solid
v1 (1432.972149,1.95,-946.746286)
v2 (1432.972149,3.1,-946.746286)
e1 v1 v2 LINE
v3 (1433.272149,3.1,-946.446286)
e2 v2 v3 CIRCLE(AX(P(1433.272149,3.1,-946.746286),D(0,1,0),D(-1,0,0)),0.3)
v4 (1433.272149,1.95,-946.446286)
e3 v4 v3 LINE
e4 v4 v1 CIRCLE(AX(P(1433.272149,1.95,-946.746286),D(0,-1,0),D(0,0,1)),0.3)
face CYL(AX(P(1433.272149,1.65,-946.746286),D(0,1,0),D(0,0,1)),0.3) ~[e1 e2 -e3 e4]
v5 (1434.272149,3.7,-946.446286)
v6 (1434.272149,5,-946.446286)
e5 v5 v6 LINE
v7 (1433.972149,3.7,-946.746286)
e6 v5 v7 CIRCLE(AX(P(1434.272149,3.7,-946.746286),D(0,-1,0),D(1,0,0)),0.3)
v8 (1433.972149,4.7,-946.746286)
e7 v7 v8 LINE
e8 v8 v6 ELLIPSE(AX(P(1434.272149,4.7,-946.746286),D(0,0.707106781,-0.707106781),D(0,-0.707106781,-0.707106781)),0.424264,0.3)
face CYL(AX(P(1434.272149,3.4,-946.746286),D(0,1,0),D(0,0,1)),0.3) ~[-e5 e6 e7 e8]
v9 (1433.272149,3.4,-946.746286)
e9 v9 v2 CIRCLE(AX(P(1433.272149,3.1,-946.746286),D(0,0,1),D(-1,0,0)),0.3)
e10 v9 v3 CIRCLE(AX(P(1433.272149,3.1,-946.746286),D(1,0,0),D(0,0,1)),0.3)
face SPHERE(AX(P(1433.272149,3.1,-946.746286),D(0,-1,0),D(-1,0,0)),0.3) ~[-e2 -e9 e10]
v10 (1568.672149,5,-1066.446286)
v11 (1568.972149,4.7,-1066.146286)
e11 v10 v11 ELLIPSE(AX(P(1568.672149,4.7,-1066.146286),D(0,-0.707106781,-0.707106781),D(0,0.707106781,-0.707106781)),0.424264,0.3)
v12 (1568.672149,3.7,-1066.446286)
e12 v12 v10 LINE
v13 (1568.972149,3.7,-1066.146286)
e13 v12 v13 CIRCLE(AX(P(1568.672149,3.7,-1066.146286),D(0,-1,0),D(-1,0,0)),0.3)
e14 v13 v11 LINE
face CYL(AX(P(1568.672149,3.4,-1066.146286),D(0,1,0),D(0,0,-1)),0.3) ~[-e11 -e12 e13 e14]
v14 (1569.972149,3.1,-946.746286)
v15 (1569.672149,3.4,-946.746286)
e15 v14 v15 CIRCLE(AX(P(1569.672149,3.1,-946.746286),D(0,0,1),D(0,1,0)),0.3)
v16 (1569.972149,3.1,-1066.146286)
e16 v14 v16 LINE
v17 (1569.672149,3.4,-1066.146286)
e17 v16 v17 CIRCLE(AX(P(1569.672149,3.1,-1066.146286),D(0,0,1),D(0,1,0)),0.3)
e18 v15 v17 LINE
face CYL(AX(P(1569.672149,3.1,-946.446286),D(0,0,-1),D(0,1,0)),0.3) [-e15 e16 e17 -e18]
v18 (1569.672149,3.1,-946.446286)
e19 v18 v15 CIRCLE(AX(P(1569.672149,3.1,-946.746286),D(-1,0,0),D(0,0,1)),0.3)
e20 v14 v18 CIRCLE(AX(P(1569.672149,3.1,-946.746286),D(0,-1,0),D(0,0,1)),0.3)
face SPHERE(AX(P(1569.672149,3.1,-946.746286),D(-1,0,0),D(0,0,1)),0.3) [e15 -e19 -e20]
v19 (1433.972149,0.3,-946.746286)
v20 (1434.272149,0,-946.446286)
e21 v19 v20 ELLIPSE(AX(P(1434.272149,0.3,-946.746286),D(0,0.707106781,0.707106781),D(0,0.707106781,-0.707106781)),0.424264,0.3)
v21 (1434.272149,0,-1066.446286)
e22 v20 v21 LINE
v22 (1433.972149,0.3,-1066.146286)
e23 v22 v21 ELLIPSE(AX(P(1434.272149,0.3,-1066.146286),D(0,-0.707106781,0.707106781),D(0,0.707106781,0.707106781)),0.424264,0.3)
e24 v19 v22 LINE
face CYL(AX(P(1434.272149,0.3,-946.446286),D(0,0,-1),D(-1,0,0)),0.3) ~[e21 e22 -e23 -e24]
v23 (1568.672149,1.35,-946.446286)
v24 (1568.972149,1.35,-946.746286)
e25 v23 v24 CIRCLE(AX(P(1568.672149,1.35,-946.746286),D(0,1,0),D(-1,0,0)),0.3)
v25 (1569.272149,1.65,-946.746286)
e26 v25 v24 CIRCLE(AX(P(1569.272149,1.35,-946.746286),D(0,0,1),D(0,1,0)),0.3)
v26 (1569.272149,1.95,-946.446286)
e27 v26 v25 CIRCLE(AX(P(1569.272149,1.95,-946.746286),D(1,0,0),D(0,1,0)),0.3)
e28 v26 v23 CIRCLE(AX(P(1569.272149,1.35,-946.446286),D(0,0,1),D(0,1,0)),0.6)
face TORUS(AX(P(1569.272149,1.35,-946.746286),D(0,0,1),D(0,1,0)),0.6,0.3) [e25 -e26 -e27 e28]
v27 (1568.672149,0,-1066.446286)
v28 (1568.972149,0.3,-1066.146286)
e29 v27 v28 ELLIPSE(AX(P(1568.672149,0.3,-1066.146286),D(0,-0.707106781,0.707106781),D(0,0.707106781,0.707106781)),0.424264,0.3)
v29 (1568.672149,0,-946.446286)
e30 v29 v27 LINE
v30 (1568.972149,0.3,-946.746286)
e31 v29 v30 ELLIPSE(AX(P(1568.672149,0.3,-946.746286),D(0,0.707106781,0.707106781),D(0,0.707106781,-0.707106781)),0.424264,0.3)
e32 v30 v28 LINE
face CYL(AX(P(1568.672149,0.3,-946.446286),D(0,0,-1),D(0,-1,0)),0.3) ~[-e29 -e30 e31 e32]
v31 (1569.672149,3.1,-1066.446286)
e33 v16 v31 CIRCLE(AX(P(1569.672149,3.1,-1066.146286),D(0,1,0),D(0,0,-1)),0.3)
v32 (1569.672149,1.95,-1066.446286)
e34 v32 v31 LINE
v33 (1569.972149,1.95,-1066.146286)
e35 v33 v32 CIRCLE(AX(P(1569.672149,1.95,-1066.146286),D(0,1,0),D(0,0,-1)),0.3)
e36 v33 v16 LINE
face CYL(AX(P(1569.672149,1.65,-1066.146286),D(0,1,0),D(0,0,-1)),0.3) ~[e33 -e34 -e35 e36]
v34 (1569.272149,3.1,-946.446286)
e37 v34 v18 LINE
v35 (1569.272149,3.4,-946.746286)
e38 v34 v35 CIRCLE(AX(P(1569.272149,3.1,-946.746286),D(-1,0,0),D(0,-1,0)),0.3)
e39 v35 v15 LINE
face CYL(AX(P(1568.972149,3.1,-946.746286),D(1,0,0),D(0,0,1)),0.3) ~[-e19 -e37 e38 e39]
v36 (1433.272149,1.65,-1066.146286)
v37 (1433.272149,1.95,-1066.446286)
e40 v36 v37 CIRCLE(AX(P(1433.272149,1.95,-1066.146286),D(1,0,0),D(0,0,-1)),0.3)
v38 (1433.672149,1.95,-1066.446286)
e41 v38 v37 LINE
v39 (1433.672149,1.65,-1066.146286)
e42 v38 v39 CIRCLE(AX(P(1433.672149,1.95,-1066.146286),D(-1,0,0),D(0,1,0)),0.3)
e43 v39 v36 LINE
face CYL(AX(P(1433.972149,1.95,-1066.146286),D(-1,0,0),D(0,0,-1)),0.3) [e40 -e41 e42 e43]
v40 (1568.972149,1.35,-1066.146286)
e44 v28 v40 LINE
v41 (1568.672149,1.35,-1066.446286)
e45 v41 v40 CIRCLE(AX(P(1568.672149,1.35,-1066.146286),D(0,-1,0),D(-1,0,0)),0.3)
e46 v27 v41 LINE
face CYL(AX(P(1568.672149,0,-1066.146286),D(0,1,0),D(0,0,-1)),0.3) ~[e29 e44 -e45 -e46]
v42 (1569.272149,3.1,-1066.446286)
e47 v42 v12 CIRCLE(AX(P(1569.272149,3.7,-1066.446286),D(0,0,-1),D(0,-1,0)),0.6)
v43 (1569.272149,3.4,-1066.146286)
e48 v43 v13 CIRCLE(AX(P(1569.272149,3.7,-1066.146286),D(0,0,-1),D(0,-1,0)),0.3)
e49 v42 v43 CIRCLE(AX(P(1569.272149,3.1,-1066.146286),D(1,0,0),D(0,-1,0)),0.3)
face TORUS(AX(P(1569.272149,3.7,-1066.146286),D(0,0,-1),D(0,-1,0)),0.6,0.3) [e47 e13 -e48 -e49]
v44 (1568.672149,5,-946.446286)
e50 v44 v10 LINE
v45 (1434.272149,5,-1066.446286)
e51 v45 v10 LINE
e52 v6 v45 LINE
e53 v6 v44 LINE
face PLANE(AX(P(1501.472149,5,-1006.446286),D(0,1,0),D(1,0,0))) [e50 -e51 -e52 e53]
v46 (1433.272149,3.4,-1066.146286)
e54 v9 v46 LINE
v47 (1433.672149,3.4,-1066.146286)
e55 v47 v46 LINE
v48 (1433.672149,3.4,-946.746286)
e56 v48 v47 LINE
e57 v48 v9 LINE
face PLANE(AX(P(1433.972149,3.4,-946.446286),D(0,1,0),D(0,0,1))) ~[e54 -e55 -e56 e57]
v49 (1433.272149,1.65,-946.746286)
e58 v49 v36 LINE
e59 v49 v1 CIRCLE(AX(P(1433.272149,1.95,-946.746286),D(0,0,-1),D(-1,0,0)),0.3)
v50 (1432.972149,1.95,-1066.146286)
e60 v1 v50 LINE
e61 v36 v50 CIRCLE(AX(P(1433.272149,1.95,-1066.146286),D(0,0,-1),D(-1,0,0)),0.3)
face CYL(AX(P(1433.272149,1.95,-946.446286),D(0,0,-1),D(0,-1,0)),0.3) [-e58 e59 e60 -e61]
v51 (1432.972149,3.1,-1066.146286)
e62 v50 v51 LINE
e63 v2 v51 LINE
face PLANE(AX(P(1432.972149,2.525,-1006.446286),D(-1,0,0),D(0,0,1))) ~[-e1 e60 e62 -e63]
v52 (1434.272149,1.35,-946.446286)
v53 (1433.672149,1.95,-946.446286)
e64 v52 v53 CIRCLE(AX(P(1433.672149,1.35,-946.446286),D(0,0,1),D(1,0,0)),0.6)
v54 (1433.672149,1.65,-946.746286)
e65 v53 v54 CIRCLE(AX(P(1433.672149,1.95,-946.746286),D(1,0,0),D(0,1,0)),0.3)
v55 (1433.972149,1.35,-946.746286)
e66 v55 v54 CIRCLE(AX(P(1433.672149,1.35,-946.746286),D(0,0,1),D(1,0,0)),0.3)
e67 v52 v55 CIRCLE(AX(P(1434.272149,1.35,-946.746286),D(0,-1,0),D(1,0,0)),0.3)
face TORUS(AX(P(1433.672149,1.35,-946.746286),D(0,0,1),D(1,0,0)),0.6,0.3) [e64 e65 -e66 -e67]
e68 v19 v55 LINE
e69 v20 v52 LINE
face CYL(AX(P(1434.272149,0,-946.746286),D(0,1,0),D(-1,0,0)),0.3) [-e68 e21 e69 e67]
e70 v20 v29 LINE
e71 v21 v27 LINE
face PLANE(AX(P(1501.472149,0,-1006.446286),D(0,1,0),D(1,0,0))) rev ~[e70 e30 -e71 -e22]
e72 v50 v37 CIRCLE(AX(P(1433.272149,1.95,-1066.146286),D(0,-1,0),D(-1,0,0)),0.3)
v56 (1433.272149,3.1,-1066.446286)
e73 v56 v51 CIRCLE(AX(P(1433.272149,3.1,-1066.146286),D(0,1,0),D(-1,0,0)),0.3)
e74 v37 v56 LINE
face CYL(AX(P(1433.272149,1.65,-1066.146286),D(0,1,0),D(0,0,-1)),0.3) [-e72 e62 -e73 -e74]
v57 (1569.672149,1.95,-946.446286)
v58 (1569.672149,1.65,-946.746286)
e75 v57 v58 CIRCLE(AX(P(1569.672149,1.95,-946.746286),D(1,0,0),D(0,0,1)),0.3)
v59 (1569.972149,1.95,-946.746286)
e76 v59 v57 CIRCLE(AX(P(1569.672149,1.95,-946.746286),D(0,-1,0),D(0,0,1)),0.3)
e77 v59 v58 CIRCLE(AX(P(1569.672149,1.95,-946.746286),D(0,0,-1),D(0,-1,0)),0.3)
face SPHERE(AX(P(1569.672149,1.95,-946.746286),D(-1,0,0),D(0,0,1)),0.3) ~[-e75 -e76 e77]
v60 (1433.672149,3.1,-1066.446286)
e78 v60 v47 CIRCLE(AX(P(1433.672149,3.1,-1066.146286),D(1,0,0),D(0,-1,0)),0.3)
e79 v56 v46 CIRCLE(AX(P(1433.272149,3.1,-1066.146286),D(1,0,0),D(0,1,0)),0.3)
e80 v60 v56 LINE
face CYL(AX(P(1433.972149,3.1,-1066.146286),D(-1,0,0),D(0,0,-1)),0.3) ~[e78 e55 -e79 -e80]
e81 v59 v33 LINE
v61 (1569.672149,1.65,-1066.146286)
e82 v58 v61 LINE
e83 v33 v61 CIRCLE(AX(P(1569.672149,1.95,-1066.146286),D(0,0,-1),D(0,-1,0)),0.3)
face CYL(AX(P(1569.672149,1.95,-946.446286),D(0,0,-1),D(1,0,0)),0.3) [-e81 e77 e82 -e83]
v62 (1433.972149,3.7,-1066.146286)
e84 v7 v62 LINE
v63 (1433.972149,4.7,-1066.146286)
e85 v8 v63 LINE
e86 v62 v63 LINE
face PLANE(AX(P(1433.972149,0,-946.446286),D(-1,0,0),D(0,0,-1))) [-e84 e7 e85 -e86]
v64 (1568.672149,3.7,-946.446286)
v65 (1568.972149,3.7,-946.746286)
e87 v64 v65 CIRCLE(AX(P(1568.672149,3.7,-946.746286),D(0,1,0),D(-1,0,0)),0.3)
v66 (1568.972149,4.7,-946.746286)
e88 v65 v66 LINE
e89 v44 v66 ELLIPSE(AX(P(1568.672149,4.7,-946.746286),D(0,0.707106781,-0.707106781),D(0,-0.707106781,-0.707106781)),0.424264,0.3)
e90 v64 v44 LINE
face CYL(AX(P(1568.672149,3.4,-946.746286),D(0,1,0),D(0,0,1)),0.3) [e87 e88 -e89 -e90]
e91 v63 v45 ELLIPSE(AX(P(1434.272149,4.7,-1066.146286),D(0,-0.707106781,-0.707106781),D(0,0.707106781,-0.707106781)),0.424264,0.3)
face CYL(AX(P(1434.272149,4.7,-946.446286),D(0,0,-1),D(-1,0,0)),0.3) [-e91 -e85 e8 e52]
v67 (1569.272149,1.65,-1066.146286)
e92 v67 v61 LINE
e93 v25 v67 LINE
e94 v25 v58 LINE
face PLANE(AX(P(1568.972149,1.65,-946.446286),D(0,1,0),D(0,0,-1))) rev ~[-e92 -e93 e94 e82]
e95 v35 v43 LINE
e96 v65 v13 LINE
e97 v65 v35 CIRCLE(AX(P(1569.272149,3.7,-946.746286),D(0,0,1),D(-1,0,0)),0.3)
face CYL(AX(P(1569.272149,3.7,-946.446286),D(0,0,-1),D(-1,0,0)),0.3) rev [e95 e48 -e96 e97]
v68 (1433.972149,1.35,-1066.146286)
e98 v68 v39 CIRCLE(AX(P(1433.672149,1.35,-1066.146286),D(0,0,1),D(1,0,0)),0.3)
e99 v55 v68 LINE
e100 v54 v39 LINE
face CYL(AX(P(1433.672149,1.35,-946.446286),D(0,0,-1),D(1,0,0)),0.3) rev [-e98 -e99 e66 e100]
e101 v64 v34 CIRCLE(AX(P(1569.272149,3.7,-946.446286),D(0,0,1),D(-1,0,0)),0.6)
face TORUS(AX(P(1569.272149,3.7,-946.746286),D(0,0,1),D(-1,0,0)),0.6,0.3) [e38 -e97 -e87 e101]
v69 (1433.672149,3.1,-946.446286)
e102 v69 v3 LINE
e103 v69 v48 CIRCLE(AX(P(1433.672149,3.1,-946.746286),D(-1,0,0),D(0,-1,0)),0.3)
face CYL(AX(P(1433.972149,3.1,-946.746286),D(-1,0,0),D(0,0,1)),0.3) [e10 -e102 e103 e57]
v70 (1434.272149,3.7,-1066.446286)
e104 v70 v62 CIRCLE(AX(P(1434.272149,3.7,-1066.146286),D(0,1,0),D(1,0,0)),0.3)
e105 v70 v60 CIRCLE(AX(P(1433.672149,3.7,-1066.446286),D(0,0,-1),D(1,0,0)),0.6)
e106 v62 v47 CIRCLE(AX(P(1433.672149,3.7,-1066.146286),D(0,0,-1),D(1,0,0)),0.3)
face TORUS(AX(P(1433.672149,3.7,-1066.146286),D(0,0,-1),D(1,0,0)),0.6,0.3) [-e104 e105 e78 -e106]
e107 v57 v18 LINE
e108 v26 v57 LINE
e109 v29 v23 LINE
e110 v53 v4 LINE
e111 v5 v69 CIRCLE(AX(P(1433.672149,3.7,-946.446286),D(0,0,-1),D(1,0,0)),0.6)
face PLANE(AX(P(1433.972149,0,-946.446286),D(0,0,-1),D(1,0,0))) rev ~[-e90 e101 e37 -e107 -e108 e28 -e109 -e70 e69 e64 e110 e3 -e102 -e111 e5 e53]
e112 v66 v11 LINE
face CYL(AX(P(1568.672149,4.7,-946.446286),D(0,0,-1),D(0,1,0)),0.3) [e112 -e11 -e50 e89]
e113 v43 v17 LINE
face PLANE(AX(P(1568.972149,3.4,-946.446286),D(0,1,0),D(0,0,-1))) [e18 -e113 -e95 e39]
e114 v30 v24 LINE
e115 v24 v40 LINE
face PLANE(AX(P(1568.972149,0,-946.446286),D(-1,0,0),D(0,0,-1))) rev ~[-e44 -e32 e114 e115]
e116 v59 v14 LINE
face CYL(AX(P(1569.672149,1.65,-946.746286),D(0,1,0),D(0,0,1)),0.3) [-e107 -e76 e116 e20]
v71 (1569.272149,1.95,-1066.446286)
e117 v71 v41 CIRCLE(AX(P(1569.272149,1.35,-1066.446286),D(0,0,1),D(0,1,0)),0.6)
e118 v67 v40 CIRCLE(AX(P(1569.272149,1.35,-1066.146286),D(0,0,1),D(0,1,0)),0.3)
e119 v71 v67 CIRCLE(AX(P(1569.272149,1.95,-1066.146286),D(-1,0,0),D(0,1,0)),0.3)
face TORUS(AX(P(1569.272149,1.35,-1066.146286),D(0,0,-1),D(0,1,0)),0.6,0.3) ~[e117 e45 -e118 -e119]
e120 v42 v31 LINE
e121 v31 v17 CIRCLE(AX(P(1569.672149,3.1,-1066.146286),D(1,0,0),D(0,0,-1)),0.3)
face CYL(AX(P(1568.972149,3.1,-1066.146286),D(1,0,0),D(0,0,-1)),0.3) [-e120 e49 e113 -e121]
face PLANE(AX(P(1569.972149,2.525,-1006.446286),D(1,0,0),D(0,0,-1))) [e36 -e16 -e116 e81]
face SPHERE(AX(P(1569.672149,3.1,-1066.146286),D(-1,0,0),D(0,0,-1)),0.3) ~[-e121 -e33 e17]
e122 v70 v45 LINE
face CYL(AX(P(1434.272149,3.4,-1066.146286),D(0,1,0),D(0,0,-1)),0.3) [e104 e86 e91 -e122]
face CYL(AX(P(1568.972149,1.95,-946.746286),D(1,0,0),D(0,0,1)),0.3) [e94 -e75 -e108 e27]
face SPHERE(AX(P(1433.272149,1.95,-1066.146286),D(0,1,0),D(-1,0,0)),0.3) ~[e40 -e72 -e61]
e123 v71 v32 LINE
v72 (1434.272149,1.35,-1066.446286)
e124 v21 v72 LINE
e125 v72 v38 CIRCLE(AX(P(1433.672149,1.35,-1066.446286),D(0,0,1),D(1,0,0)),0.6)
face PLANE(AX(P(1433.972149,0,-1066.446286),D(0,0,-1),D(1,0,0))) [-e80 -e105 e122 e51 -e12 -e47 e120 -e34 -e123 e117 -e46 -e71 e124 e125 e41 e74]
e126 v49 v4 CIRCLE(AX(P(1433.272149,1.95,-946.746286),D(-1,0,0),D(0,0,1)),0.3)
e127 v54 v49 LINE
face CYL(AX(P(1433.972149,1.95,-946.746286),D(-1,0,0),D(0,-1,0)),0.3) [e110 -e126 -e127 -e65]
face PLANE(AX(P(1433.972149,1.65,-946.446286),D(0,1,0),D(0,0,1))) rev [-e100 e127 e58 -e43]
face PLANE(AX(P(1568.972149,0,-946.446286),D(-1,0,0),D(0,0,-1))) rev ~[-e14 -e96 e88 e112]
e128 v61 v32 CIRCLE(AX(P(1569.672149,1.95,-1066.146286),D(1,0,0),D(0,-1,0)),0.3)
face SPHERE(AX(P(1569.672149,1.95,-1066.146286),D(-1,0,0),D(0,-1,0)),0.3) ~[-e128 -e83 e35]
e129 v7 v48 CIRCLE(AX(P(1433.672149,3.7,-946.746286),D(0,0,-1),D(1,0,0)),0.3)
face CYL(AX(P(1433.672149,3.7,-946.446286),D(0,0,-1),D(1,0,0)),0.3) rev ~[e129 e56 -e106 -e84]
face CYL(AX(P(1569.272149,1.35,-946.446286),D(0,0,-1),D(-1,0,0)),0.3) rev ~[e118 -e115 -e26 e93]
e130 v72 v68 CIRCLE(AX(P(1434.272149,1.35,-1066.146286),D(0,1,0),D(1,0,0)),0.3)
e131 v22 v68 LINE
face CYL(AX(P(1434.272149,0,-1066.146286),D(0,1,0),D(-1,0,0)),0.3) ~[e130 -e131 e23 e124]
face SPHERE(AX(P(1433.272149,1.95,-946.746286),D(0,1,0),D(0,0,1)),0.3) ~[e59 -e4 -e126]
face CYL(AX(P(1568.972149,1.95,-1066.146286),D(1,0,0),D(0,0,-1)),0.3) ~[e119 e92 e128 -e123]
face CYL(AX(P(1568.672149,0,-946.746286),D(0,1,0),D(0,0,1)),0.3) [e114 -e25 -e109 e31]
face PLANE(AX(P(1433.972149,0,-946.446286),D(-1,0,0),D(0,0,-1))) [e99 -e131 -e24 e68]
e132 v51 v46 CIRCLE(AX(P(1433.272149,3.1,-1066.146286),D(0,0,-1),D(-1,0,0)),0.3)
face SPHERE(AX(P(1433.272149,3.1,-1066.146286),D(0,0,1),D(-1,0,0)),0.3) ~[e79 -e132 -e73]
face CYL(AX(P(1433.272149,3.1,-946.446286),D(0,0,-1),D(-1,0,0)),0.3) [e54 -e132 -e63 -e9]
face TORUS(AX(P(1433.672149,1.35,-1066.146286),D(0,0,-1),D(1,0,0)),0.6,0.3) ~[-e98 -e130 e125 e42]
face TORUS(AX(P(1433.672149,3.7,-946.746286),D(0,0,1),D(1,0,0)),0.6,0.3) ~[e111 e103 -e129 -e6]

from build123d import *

# Parameters (mm, degrees)
SKETCH1_W           = 135
SKETCH1_H           = 120
BOSS_EXTRUDE1_DEPTH = 5
SKETCH2_W           = 120
SKETCH2_H           = 1.75
BOSS_EXTRUDE2_DEPTH = 1
FILLET1_R           = 0.3


with BuildPart() as part:
    # Sketch1 → Boss-Extrude1 (new body)
    with BuildSketch(Plane(origin=(0, 0, 0), x_dir=(1, 0, 0), z_dir=(0, 1, 0))):
        with Locations((1501.472148541, 1006.446286472)):
            Rectangle(SKETCH1_W, SKETCH1_H)
    extrude(amount=BOSS_EXTRUDE1_DEPTH)

    # Sketch2 → Boss-Extrude2 (add)
    with BuildSketch(Plane(origin=(1568.972148541, 0, 0), x_dir=(0, 0, -1), z_dir=(1, 0, 0))):
        with Locations((1006.446286472, 2.525)):
            Rectangle(SKETCH2_W, SKETCH2_H)
    boss_extrude2 = extrude(amount=BOSS_EXTRUDE2_DEPTH)

    # Mirror1: Boss-Extrude2 across plane
    add(boss_extrude2.mirror(Plane.ZY.offset(-1501.472148541)))

    # Fillet1
    fillet1_edges = [part.edges().sort_by_distance(p)[0] for p in [
        (1568.972148541, 5, -1006.446286472),
        (1568.972148541, 0.825, -1066.446286472),
        (1568.972148541, 0.825, -946.446286472),
        (1569.472148541, 3.4, -946.446286472),
        (1568.972148541, 1.65, -1006.446286472),
        (1569.472148541, 1.65, -946.446286472),
        (1569.472148541, 1.65, -1066.446286472),
        (1568.972148541, 3.4, -1006.446286472),
        (1569.472148541, 3.4, -1066.446286472),
        (1569.972148541, 2.525, -946.446286472),
        (1569.972148541, 1.65, -1006.446286472),
        (1569.972148541, 2.525, -1066.446286472),
        (1569.972148541, 3.4, -1006.446286472),
        (1433.972148541, 0.825, -946.446286472),
        (1433.972148541, 0.825, -1066.446286472),
        (1432.972148541, 2.525, -946.446286472),
        (1433.472148541, 1.65, -946.446286472),
        (1432.972148541, 3.4, -1006.446286472),
        (1433.472148541, 3.4, -946.446286472),
        (1432.972148541, 2.525, -1066.446286472),
        (1433.472148541, 3.4, -1066.446286472),
        (1432.972148541, 1.65, -1006.446286472),
        (1433.472148541, 1.65, -1066.446286472),
        (1433.972148541, 1.65, -1006.446286472),
        (1433.972148541, 3.4, -1006.446286472),
        (1433.972148541, 5, -1006.446286472),
        (1568.972148541, 0, -1006.446286472),
        (1433.972148541, 0, -1006.446286472),
        (1433.972148541, 4.2, -1066.446286472),
        (1568.972148541, 4.2, -1066.446286472),
        (1568.972148541, 4.2, -946.446286472),
        (1433.972148541, 4.2, -946.446286472),
    ]]
    fillet(fillet1_edges, radius=FILLET1_R)


solid = part.part
